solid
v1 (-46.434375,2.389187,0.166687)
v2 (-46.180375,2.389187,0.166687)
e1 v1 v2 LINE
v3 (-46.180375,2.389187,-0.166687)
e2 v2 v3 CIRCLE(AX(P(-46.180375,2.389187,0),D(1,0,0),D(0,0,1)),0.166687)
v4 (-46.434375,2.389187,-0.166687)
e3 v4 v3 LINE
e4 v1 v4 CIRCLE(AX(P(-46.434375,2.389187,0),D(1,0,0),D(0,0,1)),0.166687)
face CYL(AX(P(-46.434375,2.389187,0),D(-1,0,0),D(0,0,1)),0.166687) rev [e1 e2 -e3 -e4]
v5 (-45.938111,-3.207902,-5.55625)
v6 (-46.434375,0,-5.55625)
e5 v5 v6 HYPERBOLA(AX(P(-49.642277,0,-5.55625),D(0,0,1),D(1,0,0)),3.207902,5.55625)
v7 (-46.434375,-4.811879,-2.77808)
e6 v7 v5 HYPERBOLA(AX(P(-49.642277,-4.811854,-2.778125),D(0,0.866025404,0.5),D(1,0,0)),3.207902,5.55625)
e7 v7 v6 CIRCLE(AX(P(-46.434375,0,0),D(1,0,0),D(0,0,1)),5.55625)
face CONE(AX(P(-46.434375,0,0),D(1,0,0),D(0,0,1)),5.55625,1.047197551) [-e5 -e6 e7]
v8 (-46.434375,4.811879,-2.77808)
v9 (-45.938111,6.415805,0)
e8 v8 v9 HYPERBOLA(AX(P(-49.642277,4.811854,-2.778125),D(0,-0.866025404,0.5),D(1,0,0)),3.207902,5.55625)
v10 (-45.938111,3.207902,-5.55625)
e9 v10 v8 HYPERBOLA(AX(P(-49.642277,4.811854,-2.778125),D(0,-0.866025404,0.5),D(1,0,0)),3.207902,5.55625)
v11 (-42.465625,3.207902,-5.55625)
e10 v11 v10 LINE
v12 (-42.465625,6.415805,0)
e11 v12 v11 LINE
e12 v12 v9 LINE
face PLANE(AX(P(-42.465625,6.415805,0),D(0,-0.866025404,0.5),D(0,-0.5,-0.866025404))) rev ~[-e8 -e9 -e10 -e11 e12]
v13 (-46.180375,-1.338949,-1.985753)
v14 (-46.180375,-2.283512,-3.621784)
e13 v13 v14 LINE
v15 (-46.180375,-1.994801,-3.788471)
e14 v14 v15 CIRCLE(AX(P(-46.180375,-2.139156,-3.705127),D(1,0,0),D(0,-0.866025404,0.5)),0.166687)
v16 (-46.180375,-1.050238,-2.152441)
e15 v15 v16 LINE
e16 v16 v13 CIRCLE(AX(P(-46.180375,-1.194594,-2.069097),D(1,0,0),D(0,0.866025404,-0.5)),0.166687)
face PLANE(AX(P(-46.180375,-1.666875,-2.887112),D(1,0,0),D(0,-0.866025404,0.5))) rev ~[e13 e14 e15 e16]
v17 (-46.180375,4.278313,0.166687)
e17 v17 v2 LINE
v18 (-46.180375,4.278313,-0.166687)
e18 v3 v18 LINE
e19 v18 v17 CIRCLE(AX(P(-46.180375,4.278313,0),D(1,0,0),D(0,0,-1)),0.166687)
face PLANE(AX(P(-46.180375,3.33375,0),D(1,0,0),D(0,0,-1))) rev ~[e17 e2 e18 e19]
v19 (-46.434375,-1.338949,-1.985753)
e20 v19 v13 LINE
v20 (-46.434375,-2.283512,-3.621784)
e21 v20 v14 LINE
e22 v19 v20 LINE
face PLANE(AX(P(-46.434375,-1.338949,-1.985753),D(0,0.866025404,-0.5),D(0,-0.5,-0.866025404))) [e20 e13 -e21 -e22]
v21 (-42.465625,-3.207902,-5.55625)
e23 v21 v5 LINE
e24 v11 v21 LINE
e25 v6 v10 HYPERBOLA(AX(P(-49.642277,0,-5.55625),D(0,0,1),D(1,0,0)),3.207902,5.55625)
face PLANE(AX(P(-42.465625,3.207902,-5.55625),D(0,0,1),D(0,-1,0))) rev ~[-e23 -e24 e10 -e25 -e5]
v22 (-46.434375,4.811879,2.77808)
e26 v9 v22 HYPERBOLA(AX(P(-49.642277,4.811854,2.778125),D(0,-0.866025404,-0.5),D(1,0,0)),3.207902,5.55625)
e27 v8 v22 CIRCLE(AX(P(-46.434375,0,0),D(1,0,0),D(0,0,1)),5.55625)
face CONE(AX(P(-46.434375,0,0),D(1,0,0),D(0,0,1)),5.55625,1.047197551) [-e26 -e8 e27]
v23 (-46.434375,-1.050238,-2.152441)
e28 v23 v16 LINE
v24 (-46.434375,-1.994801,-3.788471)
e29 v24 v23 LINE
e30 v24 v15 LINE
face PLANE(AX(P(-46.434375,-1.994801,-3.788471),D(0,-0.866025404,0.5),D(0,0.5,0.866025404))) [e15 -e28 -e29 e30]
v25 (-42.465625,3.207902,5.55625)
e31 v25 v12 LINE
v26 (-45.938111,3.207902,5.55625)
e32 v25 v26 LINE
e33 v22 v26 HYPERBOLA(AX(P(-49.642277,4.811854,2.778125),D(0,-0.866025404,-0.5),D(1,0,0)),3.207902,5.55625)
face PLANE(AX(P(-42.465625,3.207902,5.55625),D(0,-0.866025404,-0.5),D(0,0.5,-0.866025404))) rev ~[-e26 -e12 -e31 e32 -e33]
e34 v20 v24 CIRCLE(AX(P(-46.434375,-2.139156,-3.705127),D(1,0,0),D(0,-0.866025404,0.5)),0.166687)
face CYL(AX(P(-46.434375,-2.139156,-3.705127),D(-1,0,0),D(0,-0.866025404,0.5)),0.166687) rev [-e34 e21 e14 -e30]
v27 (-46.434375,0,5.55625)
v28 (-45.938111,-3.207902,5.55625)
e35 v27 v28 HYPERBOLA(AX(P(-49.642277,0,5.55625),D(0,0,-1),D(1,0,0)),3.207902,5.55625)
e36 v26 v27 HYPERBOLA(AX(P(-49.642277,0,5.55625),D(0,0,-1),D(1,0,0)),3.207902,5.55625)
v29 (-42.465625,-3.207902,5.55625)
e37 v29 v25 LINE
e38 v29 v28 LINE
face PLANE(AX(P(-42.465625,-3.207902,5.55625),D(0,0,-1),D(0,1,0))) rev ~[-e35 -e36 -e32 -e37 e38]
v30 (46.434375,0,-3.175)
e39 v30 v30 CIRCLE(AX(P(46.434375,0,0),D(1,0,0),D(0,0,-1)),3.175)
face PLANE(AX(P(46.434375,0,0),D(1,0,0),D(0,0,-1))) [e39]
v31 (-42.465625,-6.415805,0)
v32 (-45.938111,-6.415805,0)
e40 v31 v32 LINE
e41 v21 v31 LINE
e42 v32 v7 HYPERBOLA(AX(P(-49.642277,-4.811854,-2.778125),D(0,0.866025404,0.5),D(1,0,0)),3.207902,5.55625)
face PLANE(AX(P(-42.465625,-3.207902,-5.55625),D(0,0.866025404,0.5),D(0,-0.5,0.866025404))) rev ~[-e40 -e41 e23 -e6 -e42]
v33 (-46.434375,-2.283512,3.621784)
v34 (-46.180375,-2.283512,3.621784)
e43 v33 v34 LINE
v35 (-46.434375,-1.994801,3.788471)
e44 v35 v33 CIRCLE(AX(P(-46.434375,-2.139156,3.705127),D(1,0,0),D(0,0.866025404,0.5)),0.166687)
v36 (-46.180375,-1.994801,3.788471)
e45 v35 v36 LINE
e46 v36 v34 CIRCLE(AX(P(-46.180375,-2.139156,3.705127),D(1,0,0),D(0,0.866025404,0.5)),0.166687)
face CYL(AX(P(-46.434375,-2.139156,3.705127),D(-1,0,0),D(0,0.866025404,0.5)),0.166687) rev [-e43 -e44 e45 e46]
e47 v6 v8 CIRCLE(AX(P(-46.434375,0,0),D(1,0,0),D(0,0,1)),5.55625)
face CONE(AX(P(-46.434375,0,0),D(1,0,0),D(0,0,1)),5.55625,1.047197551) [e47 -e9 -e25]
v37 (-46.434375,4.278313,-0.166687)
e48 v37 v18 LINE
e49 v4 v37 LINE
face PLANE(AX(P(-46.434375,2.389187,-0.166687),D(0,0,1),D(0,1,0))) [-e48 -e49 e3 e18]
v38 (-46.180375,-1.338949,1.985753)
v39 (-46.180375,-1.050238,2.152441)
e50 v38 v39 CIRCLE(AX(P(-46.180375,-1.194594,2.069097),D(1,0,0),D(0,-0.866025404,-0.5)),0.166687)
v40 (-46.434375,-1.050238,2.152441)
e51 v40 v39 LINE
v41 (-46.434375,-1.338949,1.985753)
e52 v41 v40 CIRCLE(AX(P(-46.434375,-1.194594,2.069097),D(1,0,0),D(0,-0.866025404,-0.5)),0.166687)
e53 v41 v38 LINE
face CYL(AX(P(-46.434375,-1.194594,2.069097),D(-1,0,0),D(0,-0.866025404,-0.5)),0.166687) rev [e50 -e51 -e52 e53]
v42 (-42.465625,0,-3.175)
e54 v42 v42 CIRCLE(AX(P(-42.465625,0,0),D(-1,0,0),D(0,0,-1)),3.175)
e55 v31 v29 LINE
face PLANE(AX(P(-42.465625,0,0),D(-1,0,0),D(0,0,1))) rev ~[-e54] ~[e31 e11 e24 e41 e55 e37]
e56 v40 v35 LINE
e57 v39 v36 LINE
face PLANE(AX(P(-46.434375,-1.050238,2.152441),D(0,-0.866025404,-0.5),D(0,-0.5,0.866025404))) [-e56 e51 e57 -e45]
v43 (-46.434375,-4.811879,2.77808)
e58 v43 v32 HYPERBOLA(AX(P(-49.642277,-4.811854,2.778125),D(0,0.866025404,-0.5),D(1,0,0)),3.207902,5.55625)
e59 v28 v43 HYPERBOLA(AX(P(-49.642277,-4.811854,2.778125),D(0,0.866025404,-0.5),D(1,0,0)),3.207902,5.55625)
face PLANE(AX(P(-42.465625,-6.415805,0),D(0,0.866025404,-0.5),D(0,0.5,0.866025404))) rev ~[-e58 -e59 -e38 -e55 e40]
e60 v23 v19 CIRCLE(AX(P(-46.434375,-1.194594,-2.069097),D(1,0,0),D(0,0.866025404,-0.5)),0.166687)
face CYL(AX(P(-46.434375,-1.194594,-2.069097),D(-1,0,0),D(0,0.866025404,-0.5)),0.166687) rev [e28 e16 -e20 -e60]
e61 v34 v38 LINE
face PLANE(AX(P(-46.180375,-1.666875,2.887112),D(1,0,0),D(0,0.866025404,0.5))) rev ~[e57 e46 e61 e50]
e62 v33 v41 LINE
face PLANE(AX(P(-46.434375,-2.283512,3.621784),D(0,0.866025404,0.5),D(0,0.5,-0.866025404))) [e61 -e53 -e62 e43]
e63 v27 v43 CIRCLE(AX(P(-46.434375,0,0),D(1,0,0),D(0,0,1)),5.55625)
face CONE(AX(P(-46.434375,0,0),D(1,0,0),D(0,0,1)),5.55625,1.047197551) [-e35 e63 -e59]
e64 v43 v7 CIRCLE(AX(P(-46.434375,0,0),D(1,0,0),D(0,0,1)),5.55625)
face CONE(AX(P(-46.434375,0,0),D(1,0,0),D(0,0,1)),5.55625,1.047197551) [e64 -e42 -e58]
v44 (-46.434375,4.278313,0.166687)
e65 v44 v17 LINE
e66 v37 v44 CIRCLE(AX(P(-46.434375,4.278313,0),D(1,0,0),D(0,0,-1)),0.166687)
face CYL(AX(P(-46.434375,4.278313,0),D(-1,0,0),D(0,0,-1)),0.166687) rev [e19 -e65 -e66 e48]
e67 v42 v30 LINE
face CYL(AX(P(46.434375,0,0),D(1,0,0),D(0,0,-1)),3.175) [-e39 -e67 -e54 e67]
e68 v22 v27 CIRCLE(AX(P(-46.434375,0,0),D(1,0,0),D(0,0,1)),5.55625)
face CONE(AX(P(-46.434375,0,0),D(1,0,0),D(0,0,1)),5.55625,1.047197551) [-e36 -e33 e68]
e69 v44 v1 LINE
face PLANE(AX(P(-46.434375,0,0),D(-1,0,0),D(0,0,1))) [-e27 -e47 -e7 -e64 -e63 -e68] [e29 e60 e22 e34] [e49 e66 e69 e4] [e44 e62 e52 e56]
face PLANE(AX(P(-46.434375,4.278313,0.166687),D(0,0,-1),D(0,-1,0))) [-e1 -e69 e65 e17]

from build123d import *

# Parameters (mm, degrees)
SKETCH5_R           = 3.175
BOSS_EXTRUDE3_DEPTH = 88.9
BOSS_EXTRUDE4_DEPTH = 3.96875
SKETCH8_OUTSIDE_W   = 357.164
SKETCH8_OUTSIDE_H   = 358.884
SKETCH8_OUTSIDE_R   = 5.55625
CUT_EXTRUDE3_DEPTH  = 93.86875
CUT_EXTRUDE3_TAPER  = 60
CUT_EXTRUDE4_DEPTH  = 0.254
CIRPATTERN1_COUNT   = 3


with BuildPart() as part:
    # Sketch5 → Boss-Extrude3 (new body)
    with BuildSketch(Plane(origin=(46.434375, 0, 0), x_dir=(0, 0, -1), z_dir=(1, 0, 0))):
        Circle(SKETCH5_R)
    extrude(amount=-BOSS_EXTRUDE3_DEPTH)

    # Sketch11 → Revolve1 (revolve)
    with BuildSketch(Plane.XY):
        Polygon((-42.465625, 3.175), (-42.465625, 0), (30.559375, 0), (27.384375, 3.175), align=None)
    revolve(axis=Axis((-42.465625, 0, 0), (1, 0, 0)))

    # Sketch6 → Boss-Extrude4 (add)
    with BuildSketch(Plane.ZY.offset(42.465625)):
        Polygon((5.55625, 3.207902433), (0, 6.415804866), (-5.55625, 3.207902433), (-5.55625, -3.207902433), (0, -6.415804866), (5.55625, -3.207902433), align=None)
    extrude(amount=BOSS_EXTRUDE4_DEPTH)

    # Sketch8 outside → Cut-Extrude3 (cut, through all)
    with BuildSketch(Plane.ZY.offset(46.434375)):
        Rectangle(SKETCH8_OUTSIDE_W, SKETCH8_OUTSIDE_H)
        Circle(SKETCH8_OUTSIDE_R, mode=Mode.SUBTRACT)
    extrude(amount=-CUT_EXTRUDE3_DEPTH, taper=CUT_EXTRUDE3_TAPER, mode=Mode.SUBTRACT)

    # Sketch12 → Cut-Extrude4 (cut)
    with BuildSketch(Plane.ZY.offset(46.434375)):
        with BuildLine():
            Line((0.1666875, 4.2783125), (0.1666875, 2.3891875))
            ThreePointArc((0.1666875, 2.3891875), (0, 2.2225), (-0.1666875, 2.3891875))
            Line((-0.1666875, 2.3891875), (-0.1666875, 4.2783125))
            ThreePointArc((-0.1666875, 4.2783125), (0, 4.445), (0.1666875, 4.2783125))
        make_face()
    cut_extrude4 = extrude(amount=-CUT_EXTRUDE4_DEPTH, mode=Mode.SUBTRACT)

    # CirPattern1: Cut-Extrude4 ×3 about axis
    cirpattern1_axis = Axis((0, 0, 0), (1, 0, 0))
    for i in range(1, CIRPATTERN1_COUNT):
        add(cut_extrude4.rotate(cirpattern1_axis, i * 360 / CIRPATTERN1_COUNT), mode=Mode.SUBTRACT)


solid = part.part
